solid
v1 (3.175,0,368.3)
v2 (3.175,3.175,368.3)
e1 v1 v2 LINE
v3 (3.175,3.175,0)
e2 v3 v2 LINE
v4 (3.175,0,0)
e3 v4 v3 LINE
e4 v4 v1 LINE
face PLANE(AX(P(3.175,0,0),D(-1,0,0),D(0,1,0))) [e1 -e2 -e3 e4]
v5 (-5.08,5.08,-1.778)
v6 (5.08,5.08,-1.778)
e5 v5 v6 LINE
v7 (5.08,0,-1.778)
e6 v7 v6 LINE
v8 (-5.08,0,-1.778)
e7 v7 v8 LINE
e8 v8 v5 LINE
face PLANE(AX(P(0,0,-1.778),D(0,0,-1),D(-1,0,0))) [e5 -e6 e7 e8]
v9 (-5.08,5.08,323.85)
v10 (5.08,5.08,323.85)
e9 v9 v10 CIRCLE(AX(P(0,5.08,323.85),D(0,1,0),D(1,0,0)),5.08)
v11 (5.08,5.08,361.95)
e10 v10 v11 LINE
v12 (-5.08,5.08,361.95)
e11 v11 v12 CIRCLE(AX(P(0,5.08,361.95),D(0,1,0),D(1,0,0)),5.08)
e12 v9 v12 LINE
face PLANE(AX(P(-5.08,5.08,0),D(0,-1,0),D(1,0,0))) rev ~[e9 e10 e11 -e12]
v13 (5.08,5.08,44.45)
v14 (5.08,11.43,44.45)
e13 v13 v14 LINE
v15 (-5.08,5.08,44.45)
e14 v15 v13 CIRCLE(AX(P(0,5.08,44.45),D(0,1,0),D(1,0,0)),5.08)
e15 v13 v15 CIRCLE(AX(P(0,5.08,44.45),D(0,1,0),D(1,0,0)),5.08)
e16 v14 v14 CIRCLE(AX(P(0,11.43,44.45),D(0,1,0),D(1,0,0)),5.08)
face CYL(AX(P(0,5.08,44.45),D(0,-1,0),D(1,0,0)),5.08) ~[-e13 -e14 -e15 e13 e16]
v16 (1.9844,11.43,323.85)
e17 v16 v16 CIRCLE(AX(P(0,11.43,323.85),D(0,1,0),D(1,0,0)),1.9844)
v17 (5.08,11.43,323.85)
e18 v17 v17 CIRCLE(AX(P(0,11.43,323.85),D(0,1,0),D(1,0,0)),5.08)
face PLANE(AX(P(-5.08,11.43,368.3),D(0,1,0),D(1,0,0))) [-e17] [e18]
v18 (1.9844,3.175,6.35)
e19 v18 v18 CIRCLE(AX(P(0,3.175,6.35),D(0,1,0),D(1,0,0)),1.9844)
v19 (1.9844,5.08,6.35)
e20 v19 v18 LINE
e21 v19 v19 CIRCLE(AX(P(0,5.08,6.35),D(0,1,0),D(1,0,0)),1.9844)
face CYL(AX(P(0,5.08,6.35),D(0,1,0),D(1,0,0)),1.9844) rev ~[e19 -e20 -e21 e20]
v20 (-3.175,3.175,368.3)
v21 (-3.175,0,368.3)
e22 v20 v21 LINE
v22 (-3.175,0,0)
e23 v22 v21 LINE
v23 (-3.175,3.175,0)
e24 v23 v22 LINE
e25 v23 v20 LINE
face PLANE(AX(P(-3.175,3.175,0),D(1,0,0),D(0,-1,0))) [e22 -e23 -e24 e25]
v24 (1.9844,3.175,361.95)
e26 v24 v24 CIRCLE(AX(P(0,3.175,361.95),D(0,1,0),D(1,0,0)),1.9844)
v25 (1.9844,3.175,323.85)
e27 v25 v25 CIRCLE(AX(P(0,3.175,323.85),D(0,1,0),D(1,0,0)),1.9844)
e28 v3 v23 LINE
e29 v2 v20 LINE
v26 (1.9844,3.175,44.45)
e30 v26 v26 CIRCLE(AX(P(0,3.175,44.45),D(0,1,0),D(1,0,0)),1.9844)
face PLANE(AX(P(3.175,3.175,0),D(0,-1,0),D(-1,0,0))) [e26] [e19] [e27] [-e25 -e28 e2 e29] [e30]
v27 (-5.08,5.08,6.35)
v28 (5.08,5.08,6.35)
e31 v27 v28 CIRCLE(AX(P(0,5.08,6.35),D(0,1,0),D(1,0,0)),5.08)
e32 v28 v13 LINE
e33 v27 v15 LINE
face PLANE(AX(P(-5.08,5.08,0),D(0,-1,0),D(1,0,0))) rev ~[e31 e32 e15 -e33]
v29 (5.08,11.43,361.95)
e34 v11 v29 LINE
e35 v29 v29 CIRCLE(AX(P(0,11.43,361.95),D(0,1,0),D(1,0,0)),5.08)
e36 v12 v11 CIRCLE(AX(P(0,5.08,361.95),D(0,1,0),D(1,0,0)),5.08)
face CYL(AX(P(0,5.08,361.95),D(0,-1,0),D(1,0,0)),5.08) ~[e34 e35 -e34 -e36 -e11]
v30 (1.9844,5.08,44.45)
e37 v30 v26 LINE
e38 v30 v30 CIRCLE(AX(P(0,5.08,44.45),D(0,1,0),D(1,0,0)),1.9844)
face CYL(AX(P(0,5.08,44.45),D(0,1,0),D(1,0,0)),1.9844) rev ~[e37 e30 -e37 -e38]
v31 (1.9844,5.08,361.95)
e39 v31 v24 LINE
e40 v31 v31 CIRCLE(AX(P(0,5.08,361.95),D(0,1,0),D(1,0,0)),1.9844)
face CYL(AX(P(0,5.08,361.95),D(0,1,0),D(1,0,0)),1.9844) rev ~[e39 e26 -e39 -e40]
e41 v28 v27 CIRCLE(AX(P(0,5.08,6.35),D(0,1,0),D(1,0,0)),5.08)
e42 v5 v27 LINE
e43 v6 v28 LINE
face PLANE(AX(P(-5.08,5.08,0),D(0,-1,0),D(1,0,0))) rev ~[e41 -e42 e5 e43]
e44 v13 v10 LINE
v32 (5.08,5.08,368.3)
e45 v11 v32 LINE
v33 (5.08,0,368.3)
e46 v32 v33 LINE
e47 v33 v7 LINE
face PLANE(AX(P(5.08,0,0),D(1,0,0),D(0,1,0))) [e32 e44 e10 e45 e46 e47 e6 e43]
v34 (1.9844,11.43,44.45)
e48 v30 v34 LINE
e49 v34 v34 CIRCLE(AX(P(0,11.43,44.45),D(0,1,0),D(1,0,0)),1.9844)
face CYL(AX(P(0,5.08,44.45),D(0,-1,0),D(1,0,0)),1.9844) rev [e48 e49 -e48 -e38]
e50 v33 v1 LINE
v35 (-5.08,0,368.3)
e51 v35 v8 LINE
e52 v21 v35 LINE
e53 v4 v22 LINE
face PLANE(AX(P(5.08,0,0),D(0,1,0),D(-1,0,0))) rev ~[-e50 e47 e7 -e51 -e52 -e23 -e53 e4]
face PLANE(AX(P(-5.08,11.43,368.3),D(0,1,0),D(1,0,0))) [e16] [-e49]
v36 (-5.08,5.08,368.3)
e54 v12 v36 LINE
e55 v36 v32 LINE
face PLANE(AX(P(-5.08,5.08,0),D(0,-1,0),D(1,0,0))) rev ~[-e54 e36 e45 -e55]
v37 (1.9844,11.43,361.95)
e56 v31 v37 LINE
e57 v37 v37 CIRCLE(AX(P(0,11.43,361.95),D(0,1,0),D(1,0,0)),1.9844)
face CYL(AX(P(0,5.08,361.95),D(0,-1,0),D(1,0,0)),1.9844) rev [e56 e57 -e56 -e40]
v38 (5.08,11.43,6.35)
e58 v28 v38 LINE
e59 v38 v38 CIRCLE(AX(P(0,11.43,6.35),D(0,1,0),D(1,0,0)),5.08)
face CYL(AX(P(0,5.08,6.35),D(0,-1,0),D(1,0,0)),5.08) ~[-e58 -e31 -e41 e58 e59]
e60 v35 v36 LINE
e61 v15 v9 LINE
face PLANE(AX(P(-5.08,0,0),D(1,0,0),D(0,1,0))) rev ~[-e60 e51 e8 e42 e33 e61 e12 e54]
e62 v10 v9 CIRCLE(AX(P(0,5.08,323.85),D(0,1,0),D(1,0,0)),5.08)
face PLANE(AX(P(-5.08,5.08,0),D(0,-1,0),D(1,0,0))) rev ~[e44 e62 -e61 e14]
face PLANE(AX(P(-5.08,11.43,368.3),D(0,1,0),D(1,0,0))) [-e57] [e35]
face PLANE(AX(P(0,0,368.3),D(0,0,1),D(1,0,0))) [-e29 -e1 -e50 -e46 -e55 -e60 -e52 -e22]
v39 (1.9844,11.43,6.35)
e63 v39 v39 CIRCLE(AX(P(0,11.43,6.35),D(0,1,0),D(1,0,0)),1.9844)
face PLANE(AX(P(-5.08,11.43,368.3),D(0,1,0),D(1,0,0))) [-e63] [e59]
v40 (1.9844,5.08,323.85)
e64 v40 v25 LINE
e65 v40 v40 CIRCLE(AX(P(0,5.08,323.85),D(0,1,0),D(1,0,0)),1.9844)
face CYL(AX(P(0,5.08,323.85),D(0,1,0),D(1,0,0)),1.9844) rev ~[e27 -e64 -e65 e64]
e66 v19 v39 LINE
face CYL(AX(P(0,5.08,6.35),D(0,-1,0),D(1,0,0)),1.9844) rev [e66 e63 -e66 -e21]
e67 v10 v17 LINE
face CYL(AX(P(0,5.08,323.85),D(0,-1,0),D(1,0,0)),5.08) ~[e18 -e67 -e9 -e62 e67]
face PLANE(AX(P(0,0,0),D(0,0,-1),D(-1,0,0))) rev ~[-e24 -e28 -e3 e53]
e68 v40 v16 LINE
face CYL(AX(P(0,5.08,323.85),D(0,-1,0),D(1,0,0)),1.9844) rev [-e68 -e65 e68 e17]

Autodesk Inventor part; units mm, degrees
ref_plane "YZ Plane" through (0, 0, 0) normal (1, 0, 0) x (0, 1, 0)
ref_plane "XZ Plane" through (0, 0, 0) normal (0, 1, 0) x (-1, 0, 0)
ref_plane "XY Plane" through (0, 0, 0) normal (0, 0, 1) x (1, 0, 0)
sketch "Sketch1" plane through (0, 0, 0) normal (0, 0, 1) x (1, 0, 0)
  line L0 (3.175, 0) -> (3.175, 3.175)
  line L1 (3.175, 3.175) -> (-3.175, 3.175)
  line L2 (-3.175, 3.175) -> (-3.175, 0)
  line L3 (-5.08, 0) -> (-5.08, 5.08)
  line L4 (-5.08, 5.08) -> (5.08, 5.08)
  line L5 (5.08, 5.08) -> (5.08, 0)
  line L6 (5.08, 0) -> (3.175, 0)
  line L7 (-3.175, 0) -> (-5.08, 0)
  point P0 (0, 0)
  dimension "d0" = 10.16
  dimension "d1" = 5.08
extrude "Extrusion1" add sketch "Sketch1" along normal blind 368.3
sketch "Sketch2" plane through (-5.08, 5.08, 0) normal (0, 1, 0) x (1, 0, 0)
  circle A0 centre (5.08, -6.35) radius 1.9844
  circle A1 centre (5.08, -44.45) radius 1.9844
  circle A2 centre (5.08, -361.95) radius 1.9844
  circle A3 centre (5.08, -323.85) radius 1.9844
  point P0 (5.08, 0)
  dimension "d4" = 3.9688
  dimension "d5" = 3.9688
  dimension "d6" = 3.9688
  dimension "d7" = 3.9688
extrude "Extrusion2" cut sketch "Sketch2" against normal blind 368.3
sketch "Sketch3" plane through (0, 0, 0) normal (0, 0, -1) x (-1, 0, 0)
  line L0 (-5.08, 0) -> (-5.08, 5.08) projected
  line L1 (5.08, 5.08) -> (-5.08, 5.08)
  line L2 (-5.08, 5.08) -> (-5.08, 0)
  line L3 (-5.08, 0) -> (5.08, 0)
  line L4 (5.08, 0) -> (5.08, 5.08)
  point P0 (0, 0)
sketch "Sketch4" plane through (0, 0, 0) normal (0, 0, -1) x (-1, 0, 0)
  point P0 (0, 0)
extrude "Extrusion3" add sketch "Sketch3" along normal blind 1.778
sketch "Sketch5" plane through (-5.08, 5.08, 368.3) normal (0, 1, 0) x (1, 0, 0)
  circle A0 centre (5.08, 6.35) radius 1.9844 projected
  circle A1 centre (5.08, 44.45) radius 1.9844 projected
  circle A2 centre (5.08, 323.85) radius 1.9844 projected
  circle A3 centre (5.08, 361.95) radius 1.9844 projected
  circle A4 centre (5.08, 6.35) radius 5.08
  line L0 (10.16, 0) -> (10.16, 370.078) projected
  circle A5 centre (5.08, 44.45) radius 5.08
  circle A6 centre (5.08, 323.85) radius 5.08
  circle A7 centre (5.08, 361.95) radius 5.08
  point P0 (5.08, 368.3)
extrude "Extrusion4" add sketch "Sketch5" along normal blind 6.35
properties part number "hs_intake_cb_jig"
